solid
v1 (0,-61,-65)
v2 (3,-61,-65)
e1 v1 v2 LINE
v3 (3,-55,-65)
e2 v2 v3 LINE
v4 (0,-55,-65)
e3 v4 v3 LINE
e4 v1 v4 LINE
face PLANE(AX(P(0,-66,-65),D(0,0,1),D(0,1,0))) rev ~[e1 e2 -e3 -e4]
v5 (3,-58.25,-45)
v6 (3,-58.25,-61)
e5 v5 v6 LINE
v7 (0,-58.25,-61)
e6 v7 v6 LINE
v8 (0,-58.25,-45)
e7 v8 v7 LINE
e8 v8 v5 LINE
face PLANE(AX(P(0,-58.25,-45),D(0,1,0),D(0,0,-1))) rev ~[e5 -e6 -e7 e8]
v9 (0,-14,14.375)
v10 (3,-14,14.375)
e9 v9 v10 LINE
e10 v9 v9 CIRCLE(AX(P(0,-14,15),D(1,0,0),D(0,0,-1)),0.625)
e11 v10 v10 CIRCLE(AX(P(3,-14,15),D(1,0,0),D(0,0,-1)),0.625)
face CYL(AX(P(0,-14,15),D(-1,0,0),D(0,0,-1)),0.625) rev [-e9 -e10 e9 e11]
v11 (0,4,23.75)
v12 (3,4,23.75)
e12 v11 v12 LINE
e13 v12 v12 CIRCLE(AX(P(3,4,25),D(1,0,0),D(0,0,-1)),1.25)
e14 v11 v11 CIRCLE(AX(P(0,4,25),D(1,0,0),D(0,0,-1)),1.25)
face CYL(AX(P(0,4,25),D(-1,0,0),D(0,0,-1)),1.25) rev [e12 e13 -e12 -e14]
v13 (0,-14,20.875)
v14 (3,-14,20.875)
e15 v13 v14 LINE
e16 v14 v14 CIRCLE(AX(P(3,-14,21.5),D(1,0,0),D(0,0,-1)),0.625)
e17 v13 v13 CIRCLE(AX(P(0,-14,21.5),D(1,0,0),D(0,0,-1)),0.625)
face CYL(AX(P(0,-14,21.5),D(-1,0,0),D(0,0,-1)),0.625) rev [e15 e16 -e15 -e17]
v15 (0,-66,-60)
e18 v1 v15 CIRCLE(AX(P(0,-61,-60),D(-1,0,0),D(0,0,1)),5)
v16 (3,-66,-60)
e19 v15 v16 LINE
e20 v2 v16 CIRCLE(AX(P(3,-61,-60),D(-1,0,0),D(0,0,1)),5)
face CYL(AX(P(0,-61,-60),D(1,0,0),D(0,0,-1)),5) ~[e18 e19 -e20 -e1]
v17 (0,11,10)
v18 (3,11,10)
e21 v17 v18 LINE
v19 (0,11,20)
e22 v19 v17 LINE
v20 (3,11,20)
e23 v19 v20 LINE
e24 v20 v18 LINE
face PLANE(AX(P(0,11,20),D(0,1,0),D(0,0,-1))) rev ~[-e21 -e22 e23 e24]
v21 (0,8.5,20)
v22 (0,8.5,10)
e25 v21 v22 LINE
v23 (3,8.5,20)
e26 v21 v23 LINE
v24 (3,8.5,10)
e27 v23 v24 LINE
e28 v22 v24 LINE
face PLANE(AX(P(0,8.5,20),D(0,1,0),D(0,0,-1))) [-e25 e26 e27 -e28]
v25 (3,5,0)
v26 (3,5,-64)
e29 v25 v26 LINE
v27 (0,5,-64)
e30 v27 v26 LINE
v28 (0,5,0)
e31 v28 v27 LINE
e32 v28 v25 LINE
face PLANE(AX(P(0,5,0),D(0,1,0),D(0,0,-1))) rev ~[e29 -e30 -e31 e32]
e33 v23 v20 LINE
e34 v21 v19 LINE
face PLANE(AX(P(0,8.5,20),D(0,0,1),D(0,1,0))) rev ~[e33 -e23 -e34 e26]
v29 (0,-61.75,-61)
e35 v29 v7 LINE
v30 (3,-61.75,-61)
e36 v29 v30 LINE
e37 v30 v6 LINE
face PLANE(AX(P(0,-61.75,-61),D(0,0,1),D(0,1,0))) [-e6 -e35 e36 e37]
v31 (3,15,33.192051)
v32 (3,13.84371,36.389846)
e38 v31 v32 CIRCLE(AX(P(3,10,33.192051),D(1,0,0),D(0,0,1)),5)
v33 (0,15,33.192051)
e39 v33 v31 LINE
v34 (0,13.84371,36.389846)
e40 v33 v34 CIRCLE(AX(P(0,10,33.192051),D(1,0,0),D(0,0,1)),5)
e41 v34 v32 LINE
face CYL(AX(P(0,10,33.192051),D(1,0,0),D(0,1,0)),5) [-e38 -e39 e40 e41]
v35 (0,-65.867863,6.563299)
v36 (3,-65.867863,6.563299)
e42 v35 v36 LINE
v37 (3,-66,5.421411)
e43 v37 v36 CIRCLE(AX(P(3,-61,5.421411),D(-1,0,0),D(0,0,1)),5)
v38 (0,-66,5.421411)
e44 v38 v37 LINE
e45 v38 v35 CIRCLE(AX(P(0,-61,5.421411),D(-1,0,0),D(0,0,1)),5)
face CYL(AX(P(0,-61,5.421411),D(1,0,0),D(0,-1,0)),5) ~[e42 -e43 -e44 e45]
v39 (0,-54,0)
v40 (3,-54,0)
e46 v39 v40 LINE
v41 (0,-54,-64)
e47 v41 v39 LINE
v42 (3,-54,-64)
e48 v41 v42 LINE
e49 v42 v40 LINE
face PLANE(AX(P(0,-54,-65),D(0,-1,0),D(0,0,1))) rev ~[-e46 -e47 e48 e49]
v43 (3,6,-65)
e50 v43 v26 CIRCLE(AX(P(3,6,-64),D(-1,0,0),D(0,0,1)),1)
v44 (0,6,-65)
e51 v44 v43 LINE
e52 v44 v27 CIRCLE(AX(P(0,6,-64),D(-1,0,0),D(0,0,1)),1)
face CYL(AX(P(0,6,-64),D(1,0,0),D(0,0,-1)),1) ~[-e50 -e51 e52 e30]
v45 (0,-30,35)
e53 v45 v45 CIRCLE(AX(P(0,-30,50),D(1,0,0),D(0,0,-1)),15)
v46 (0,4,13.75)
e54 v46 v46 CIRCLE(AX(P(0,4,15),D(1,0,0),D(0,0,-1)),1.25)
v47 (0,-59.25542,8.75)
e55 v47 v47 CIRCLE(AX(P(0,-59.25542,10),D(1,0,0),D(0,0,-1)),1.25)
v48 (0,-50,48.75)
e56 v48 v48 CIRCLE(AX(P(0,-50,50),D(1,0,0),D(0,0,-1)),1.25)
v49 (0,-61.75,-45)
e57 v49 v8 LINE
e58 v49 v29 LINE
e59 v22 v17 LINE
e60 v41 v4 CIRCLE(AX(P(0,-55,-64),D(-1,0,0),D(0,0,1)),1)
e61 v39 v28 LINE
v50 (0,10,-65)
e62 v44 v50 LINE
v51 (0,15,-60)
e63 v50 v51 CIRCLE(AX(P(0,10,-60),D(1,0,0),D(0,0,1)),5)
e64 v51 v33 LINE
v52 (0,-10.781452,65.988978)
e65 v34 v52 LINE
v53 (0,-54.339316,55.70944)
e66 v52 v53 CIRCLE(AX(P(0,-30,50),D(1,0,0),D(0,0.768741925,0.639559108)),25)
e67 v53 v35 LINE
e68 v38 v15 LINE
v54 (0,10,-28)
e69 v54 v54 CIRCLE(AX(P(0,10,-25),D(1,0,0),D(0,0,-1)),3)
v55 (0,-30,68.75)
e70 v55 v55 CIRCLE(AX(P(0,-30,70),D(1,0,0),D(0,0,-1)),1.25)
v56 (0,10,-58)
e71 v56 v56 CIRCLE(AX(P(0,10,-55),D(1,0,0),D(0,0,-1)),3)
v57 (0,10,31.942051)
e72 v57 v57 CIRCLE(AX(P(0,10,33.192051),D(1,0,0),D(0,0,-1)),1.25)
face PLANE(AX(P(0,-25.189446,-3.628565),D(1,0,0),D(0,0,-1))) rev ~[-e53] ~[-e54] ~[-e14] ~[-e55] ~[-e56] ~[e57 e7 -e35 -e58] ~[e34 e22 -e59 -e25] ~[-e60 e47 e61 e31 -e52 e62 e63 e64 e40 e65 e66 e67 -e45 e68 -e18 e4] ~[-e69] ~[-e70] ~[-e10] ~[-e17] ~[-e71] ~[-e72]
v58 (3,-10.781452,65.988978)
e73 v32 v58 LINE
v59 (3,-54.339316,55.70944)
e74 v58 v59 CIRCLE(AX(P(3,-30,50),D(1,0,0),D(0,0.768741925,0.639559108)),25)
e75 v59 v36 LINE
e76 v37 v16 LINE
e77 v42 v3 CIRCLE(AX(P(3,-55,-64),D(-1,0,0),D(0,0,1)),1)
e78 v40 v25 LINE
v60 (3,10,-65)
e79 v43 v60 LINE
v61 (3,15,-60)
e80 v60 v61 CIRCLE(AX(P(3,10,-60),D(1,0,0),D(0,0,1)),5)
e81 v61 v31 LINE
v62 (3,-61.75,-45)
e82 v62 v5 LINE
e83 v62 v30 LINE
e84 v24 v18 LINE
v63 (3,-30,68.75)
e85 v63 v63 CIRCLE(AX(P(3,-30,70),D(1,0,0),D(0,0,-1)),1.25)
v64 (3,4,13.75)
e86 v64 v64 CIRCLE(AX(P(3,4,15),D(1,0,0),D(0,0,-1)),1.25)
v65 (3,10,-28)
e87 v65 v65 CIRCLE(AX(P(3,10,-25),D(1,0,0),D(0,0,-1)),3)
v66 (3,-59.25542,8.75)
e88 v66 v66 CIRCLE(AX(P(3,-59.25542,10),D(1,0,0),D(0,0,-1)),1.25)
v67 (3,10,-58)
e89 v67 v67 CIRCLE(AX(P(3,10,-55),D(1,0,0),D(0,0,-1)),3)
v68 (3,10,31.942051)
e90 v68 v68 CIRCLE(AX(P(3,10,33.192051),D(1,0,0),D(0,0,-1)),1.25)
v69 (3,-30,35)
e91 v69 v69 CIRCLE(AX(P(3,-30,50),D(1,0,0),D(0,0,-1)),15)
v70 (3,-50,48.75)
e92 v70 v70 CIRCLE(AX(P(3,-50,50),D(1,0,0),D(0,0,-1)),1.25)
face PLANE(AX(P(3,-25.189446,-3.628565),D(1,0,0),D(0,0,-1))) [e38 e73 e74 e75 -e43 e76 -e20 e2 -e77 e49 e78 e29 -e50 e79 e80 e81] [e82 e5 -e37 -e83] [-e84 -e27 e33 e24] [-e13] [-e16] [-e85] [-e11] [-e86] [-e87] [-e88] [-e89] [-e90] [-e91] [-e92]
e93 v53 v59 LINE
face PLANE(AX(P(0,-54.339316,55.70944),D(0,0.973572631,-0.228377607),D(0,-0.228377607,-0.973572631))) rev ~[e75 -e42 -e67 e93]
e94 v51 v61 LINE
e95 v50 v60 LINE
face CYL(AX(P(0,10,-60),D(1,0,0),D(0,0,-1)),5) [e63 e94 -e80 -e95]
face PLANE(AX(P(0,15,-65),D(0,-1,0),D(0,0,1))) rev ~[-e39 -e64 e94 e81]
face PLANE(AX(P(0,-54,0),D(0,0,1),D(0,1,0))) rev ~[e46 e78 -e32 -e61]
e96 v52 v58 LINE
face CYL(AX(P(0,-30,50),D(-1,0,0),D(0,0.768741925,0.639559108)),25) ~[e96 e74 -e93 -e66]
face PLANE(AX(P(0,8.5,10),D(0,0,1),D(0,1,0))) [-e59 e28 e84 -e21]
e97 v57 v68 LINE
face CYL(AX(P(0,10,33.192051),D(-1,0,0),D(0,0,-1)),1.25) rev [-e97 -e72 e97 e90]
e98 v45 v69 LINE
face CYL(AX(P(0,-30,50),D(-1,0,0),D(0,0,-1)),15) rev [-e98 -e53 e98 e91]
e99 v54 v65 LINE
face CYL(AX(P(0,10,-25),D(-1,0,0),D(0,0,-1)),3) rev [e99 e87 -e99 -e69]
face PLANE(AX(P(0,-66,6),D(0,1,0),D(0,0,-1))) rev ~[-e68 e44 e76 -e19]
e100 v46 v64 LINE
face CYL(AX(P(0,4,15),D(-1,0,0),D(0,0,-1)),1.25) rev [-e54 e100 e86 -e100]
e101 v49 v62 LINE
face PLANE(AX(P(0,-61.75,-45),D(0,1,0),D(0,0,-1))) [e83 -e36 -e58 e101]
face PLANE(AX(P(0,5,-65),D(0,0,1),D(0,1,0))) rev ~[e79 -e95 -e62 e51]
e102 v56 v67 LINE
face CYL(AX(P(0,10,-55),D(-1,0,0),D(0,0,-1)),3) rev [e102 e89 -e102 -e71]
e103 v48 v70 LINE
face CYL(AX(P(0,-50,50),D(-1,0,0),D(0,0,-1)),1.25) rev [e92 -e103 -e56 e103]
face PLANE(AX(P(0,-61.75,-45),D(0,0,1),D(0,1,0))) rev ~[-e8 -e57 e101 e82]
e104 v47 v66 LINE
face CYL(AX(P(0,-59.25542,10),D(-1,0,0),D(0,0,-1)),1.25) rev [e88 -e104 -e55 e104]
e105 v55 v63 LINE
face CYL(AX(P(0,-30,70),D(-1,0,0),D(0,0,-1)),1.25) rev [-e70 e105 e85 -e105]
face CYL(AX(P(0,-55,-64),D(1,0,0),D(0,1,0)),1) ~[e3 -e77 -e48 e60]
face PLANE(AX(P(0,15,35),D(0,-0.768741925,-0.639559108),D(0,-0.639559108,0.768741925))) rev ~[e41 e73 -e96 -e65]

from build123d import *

# Parameters (mm, degrees)
SKETCH1_R           = 15
SKETCH1_R_2         = 3
SKETCH1_R_3         = 1.25
SKETCH1_R_4         = 0.625
SKETCH1_W           = 10
SKETCH1_H           = 2.5
SKETCH1_W_2         = 16
SKETCH1_H_2         = 3.5
BOSS_EXTRUDE1_DEPTH = 3
FILLET1_R           = 5
FILLET2_R           = 1


with BuildPart() as part:
    # Sketch1 → Boss-Extrude1 (new body)
    with BuildSketch(Plane(origin=(0, 0, 0), x_dir=(0, 0, -1), z_dir=(1, 0, 0))):
        with BuildLine():
            Line((0, 5), (65, 5))
            Line((65, 5), (65, 15))
            Line((65, 15), (-35, 15))
            Line((-35, 15), (-65.988977704, -10.781451876))
            ThreePointArc((-65.988977704, -10.781451876), (-74.331609313, -35.742193679), (-55.709440186, -54.339315783))
            Line((-55.709440186, -54.339315783), (-6, -66))
            Line((-6, -66), (65, -66))
            Line((65, -66), (65, -54))
            Line((65, -54), (0, -54))
            Line((0, -54), (0, 5))
        make_face()
        with Locations((-50, -30)):
            Circle(SKETCH1_R, mode=Mode.SUBTRACT)
        with Locations((55, 10)):
            Circle(SKETCH1_R_2, mode=Mode.SUBTRACT)
        with Locations((25, 10)):
            Circle(SKETCH1_R_2, mode=Mode.SUBTRACT)
        with Locations((-33.192050804, 10)):
            Circle(SKETCH1_R_3, mode=Mode.SUBTRACT)
        with Locations((-50, -50)):
            Circle(SKETCH1_R_3, mode=Mode.SUBTRACT)
        with Locations((-70, -30)):
            Circle(SKETCH1_R_3, mode=Mode.SUBTRACT)
        with Locations((-10, -59.255419511)):
            Circle(SKETCH1_R_3, mode=Mode.SUBTRACT)
        with Locations((-25, 4)):
            Circle(SKETCH1_R_3, mode=Mode.SUBTRACT)
        with Locations((-15, 4)):
            Circle(SKETCH1_R_3, mode=Mode.SUBTRACT)
        with Locations((-15, -14)):
            Circle(SKETCH1_R_4, mode=Mode.SUBTRACT)
        with Locations((-21.5, -14)):
            Circle(SKETCH1_R_4, mode=Mode.SUBTRACT)
        with Locations((-15, 9.75)):
            Rectangle(SKETCH1_W, SKETCH1_H, mode=Mode.SUBTRACT)
        with Locations((53, -60)):
            Rectangle(SKETCH1_W_2, SKETCH1_H_2, mode=Mode.SUBTRACT)
    extrude(amount=BOSS_EXTRUDE1_DEPTH)

    # Fillet1
    fillet1_edges = [part.edges().sort_by_distance(p)[0] for p in [
        (1.5, -66, -65),
        (1.5, -66, 6),
        (1.5, 15, 35),
        (1.5, 15, -65),
    ]]
    fillet(fillet1_edges, radius=FILLET1_R)

    # Fillet2
    fillet2_edges = [part.edges().sort_by_distance(p)[0] for p in [
        (1.5, 5, -65),
        (1.5, -54, -65),
    ]]
    fillet(fillet2_edges, radius=FILLET2_R)


solid = part.part
